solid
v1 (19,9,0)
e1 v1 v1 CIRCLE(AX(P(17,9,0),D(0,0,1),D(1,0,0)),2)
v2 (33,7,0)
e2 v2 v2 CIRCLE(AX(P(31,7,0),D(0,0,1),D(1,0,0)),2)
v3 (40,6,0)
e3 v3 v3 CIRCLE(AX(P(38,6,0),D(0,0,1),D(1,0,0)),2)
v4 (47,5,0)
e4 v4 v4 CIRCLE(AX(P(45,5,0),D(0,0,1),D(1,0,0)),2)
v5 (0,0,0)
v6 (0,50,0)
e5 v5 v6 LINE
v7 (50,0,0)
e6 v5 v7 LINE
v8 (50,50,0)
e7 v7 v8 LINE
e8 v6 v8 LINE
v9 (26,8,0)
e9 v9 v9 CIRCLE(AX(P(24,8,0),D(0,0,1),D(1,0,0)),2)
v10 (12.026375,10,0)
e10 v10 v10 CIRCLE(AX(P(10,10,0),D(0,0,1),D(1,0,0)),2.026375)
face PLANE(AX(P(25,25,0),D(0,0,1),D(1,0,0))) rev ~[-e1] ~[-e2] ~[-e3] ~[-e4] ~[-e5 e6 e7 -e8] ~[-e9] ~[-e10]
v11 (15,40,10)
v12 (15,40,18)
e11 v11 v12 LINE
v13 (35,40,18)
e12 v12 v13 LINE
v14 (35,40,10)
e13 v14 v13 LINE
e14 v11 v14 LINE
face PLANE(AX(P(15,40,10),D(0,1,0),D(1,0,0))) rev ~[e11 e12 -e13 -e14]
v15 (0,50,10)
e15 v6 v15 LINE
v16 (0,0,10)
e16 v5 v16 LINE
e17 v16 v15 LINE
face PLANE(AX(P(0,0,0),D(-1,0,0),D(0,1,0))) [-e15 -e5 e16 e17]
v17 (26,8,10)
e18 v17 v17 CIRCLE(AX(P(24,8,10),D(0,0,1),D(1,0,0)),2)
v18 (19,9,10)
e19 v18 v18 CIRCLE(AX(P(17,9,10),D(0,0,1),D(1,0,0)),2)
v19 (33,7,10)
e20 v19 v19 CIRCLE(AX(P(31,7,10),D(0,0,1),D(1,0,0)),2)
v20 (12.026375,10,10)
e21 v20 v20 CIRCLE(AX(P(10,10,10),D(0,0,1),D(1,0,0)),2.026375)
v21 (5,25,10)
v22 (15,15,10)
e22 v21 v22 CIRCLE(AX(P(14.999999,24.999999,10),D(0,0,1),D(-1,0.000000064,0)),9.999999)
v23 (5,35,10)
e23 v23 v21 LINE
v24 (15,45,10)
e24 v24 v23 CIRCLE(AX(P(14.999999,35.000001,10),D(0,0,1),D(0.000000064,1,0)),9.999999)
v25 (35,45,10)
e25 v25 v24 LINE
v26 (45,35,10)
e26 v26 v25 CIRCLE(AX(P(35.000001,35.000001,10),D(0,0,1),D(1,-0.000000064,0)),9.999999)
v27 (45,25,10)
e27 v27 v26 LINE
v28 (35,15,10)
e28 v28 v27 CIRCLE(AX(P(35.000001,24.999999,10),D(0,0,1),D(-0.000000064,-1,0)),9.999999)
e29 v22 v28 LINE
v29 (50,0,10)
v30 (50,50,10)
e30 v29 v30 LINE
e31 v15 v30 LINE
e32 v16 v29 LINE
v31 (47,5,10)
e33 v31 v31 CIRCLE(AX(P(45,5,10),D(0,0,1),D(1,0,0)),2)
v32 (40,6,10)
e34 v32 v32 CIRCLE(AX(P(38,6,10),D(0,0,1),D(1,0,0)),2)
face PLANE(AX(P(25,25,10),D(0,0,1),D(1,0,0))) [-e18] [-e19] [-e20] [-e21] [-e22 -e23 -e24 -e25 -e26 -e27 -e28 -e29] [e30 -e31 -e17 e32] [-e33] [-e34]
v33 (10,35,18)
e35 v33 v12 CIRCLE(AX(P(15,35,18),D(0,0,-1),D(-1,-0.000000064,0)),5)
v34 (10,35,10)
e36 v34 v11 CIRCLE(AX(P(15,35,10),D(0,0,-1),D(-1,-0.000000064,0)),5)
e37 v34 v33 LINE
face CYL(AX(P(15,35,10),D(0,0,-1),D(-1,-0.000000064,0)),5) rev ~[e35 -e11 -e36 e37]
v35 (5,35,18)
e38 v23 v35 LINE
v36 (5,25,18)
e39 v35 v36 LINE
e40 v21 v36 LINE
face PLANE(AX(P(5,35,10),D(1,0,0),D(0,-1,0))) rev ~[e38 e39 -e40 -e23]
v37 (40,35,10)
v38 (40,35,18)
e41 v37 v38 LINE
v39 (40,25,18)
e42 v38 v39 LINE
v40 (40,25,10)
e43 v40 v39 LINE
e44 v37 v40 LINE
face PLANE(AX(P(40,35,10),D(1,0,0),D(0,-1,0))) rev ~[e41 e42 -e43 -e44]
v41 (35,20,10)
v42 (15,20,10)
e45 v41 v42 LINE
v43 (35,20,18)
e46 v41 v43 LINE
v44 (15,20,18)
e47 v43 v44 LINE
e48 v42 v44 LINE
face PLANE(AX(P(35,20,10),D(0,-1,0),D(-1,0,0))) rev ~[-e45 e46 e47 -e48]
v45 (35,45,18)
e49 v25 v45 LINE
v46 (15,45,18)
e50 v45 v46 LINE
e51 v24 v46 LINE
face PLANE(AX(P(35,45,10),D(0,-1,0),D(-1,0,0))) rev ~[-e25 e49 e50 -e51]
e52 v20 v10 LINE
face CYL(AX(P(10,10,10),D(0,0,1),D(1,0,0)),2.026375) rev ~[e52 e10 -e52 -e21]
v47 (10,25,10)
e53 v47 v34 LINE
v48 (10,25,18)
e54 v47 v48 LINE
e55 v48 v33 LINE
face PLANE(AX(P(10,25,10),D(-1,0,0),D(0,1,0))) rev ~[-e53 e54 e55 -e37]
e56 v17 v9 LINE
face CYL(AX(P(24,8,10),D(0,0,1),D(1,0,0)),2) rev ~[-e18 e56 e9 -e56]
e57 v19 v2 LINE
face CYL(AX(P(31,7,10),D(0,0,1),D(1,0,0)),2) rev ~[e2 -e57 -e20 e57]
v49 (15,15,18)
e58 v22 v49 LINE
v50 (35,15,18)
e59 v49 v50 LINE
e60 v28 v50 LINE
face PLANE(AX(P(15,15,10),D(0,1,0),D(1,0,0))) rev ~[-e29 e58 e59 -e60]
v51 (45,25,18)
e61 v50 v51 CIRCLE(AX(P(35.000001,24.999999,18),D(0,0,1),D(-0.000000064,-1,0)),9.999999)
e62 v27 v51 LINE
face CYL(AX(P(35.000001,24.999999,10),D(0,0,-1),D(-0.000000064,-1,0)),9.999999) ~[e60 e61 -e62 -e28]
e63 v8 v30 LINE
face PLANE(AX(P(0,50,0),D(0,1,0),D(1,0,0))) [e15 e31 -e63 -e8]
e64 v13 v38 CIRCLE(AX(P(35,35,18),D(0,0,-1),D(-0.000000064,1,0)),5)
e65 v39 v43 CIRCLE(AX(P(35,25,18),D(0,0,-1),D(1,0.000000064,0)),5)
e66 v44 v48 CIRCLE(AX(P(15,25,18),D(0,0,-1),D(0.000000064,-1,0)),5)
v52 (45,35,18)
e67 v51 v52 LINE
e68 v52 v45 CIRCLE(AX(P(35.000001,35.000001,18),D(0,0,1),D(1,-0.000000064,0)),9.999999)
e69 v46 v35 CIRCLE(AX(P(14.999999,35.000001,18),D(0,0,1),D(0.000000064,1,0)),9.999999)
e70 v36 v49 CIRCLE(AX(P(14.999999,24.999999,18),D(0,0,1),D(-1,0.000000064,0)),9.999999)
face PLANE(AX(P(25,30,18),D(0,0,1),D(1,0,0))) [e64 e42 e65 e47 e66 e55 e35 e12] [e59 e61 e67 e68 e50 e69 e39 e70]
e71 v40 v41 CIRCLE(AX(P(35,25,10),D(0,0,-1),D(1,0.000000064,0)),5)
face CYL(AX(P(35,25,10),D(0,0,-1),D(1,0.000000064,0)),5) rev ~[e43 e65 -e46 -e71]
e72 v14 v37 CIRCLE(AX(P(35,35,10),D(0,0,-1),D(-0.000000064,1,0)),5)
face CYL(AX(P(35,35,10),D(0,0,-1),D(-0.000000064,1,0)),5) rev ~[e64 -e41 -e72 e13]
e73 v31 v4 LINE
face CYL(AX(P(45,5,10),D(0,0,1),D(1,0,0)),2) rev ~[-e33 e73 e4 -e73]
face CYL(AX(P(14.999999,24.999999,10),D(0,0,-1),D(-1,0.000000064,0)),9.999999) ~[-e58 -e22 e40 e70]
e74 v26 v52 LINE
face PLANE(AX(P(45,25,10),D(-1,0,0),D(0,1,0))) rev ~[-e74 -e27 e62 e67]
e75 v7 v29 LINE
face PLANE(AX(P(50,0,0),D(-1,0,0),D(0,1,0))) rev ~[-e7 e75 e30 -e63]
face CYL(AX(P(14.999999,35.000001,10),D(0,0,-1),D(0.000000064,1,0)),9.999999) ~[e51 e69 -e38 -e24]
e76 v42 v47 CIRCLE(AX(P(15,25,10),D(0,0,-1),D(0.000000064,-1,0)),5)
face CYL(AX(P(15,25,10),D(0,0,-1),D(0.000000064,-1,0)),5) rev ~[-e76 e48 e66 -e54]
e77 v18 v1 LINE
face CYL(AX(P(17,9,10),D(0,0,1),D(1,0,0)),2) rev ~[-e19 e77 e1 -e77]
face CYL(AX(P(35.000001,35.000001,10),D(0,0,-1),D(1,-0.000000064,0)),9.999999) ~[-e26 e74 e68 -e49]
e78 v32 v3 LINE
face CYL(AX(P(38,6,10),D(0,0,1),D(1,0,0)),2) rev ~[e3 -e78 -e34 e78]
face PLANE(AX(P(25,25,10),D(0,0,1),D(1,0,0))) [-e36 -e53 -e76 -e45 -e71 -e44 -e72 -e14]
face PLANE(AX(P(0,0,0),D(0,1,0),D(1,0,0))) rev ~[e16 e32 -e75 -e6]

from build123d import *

# Parameters (mm, degrees)
F0_W     = 50
F0_H     = 50
F1_DEPTH = 10
F3_DEPTH = 8
F4_R     = 2.026375
F4_R_2   = 2
F5_DEPTH = 25


with BuildPart() as f1:
    # F0 (on Top) → F1 (new body)
    with BuildSketch(Plane.XY):
        with Locations((25, 25)):
            Rectangle(F0_W, F0_H)
    extrude(amount=F1_DEPTH)

    # F2 (on face) → F3 (join)
    with BuildSketch(Plane.XY.offset(10)):
        with BuildLine():
            Line((35, 45), (15, 45))
            ThreePointArc((15, 45), (7.928932, 42.071068), (5, 35))
            Line((5, 35), (5, 25))
            ThreePointArc((5, 25), (7.928932, 17.928932), (15, 15))
            Line((15, 15), (35, 15))
            ThreePointArc((35, 15), (42.071068, 17.928932), (45, 25))
            Line((45, 25), (45, 35))
            ThreePointArc((45, 35), (42.071068, 42.071068), (35, 45))
        make_face()
        with BuildLine():
            ThreePointArc((10, 35), (11.464466, 38.535534), (15, 40))
            Line((15, 40), (35, 40))
            ThreePointArc((35, 40), (38.535534, 38.535534), (40, 35))
            Line((40, 35), (40, 25))
            ThreePointArc((40, 25), (38.535534, 21.464466), (35, 20))
            Line((35, 20), (15, 20))
            ThreePointArc((15, 20), (11.464466, 21.464466), (10, 25))
            Line((10, 25), (10, 35))
        make_face(mode=Mode.SUBTRACT)
    extrude(amount=F3_DEPTH)

    # F4 (on face) → F5 (cut)
    with BuildSketch(Plane.XY.offset(10)):
        with Locations((10, 10)):
            Circle(F4_R)
        with Locations((17, 9)):
            Circle(F4_R_2)
        with Locations((24, 8)):
            Circle(F4_R_2)
        with Locations((31, 7)):
            Circle(F4_R_2)
        with Locations((38, 6)):
            Circle(F4_R_2)
        with Locations((45, 5)):
            Circle(F4_R_2)
    extrude(amount=-F5_DEPTH, mode=Mode.SUBTRACT)


solid = f1.part
